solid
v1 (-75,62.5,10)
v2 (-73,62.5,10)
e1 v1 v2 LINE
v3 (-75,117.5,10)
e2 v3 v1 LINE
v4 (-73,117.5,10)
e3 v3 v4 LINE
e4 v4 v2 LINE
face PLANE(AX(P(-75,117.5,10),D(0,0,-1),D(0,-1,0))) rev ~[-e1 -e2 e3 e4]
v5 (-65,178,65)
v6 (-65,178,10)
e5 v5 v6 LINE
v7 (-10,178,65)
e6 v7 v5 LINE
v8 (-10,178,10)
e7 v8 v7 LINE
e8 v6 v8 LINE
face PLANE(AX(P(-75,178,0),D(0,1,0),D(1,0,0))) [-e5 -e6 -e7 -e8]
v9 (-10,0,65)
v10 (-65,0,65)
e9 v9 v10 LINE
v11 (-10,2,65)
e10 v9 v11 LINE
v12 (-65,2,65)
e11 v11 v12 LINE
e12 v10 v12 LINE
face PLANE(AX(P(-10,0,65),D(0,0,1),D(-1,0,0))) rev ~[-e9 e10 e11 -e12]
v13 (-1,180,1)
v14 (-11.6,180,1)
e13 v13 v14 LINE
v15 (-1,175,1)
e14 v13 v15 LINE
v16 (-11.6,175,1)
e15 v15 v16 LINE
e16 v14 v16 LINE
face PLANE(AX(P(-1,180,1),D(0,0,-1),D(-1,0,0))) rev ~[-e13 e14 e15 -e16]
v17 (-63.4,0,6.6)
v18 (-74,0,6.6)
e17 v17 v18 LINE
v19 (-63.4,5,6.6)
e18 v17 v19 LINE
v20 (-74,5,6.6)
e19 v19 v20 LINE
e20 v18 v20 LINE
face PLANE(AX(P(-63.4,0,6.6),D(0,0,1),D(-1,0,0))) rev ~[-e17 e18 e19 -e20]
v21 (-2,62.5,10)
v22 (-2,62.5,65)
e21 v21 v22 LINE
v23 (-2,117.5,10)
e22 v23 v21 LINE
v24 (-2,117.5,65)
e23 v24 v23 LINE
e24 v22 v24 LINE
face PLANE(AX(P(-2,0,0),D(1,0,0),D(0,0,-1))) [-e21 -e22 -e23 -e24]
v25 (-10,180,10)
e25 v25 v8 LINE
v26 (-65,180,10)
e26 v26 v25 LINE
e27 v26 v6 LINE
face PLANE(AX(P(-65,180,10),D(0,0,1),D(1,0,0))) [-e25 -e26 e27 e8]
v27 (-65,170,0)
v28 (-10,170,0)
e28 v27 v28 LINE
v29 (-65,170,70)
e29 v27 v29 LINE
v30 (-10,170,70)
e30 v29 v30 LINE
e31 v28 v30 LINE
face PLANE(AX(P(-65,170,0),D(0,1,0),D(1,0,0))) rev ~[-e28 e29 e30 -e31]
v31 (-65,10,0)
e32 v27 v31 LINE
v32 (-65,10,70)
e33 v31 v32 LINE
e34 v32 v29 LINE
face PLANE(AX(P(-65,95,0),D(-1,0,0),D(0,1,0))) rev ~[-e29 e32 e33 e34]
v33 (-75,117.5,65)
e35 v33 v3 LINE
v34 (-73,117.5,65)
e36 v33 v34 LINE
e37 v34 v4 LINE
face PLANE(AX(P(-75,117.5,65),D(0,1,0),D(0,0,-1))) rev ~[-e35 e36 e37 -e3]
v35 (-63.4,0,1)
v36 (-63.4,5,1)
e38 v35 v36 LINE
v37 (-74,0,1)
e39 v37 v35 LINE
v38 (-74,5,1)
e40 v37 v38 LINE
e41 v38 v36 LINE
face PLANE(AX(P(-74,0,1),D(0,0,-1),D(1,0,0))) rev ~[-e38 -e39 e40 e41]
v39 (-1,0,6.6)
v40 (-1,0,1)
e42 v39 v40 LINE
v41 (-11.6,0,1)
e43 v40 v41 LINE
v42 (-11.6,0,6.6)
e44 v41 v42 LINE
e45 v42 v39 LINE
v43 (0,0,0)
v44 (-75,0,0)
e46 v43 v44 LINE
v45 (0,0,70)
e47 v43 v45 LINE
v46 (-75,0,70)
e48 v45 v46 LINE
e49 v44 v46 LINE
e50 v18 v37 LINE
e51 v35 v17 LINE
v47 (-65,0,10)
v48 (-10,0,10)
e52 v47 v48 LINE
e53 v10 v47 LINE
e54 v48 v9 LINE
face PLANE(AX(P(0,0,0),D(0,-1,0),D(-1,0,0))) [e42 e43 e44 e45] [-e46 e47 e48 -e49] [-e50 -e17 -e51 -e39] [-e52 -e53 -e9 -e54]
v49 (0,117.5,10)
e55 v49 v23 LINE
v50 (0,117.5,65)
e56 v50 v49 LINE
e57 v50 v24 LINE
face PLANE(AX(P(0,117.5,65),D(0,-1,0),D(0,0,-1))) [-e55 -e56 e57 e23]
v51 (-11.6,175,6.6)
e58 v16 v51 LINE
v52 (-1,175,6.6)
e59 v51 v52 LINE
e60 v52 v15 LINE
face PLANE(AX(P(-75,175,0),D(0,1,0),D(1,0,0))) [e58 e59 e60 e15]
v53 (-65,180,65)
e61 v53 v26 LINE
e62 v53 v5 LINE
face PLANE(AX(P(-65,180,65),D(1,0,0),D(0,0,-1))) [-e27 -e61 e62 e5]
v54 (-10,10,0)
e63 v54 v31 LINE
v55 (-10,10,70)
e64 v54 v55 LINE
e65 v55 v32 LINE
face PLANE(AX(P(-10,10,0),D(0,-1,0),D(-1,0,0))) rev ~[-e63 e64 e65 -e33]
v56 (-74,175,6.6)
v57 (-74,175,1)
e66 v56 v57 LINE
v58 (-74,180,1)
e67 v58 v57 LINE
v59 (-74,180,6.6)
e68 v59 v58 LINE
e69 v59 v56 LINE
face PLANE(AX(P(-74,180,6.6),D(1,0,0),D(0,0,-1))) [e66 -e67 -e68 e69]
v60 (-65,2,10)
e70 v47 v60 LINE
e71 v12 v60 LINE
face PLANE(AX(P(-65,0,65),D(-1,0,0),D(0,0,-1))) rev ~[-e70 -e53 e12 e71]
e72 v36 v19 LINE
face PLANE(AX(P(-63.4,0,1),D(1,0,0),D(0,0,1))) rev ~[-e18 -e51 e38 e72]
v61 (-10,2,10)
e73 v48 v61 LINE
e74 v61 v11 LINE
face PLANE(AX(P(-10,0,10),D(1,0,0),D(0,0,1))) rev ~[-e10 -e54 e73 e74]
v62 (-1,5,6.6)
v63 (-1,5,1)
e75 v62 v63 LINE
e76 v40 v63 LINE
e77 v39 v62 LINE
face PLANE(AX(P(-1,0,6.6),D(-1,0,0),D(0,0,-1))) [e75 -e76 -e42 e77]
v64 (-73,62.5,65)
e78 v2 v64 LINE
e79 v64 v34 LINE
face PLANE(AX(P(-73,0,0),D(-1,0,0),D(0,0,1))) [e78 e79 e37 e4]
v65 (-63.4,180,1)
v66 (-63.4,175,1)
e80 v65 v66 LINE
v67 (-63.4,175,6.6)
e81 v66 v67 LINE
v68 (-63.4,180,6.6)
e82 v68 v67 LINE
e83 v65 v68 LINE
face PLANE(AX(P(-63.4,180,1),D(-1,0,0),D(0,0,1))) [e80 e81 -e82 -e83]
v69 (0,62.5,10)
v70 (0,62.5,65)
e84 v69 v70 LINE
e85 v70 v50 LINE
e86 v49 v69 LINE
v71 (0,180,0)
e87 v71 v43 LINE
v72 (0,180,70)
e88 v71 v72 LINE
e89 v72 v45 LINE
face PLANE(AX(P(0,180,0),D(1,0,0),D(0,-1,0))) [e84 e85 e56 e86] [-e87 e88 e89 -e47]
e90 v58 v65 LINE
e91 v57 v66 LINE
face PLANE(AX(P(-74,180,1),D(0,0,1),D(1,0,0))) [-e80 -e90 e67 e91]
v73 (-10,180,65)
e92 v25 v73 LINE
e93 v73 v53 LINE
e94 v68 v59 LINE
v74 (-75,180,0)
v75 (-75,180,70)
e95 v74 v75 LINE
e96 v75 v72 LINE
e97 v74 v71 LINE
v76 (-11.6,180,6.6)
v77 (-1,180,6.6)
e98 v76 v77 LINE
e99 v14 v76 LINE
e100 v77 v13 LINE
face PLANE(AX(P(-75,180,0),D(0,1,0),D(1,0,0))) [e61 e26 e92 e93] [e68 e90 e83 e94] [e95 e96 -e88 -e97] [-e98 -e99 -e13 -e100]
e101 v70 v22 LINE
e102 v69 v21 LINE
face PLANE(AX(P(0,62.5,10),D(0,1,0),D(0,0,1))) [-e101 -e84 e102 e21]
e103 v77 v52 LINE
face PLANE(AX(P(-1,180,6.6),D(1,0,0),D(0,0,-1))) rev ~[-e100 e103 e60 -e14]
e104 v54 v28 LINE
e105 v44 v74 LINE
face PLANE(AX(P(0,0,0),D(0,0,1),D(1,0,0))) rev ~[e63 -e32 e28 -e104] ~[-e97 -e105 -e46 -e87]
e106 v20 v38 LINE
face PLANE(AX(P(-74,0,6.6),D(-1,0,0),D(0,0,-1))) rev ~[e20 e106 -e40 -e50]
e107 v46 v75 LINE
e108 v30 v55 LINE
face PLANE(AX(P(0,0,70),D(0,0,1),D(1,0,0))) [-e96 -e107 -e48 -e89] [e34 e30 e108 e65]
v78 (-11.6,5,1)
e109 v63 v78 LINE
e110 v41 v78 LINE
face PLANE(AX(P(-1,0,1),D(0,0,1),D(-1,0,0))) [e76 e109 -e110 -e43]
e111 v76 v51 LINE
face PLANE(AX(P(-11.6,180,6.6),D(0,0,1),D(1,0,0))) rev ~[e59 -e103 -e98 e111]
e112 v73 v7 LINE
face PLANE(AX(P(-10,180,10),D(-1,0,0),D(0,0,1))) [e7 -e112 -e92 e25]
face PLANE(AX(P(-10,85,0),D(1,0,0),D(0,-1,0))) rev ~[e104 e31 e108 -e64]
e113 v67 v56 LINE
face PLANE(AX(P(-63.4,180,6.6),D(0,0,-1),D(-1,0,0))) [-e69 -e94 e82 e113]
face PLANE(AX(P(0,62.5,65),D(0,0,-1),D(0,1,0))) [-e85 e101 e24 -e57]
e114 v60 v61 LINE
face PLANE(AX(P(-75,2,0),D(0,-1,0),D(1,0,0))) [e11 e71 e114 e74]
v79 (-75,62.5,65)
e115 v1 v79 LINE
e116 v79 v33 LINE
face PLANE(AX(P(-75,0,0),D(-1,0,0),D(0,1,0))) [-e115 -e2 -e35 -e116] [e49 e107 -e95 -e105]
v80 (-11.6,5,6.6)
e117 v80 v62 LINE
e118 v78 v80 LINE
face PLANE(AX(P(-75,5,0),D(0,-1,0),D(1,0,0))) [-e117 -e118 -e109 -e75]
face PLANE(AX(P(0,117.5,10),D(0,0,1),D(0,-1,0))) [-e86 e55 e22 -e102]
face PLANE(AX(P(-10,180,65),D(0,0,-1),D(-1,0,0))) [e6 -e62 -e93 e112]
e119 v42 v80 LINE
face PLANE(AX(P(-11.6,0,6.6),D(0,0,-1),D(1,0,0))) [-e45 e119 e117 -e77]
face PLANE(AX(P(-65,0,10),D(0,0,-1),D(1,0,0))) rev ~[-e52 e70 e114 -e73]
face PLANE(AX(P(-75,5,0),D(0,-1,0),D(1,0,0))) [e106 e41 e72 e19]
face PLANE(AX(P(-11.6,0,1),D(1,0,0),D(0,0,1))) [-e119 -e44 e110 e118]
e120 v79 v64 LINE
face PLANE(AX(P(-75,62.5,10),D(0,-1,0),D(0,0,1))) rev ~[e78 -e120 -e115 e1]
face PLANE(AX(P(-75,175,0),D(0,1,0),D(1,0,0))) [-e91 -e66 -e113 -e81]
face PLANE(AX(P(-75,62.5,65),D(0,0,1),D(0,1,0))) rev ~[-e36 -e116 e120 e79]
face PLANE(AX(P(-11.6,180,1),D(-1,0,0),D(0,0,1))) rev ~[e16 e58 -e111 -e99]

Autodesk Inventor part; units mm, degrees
ref_plane "YZ Plane" through (0, 0, 0) normal (1, 0, 0) x (0, 1, 0)
ref_plane "XZ Plane" through (0, 0, 0) normal (0, 1, 0) x (-1, 0, 0)
ref_plane "XY Plane" through (0, 0, 0) normal (0, 0, 1) x (1, 0, 0)
sketch "Sketch1" plane through (0, 0, 0) normal (0, 0, 1) x (1, 0, 0)
  line L0 (0, 0) -> (-75, 0)
  line L1 (-75, 0) -> (-75, 180)
  line L2 (-75, 180) -> (0, 180)
  line L3 (0, 180) -> (0, 0)
  line L4 (-65, 170) -> (-10, 170)
  line L5 (-10, 10) -> (-65, 10)
  line L6 (-65, 10) -> (-65, 85)
  line L7 (-65, 95) -> (-65, 170)
  line L8 (-10, 170) -> (-10, 95)
  line L9 (-10, 85) -> (-10, 10)
  line L10 (-65, 85) -> (-65, 95)
  line L11 (-10, 95) -> (-10, 85)
  point P0 (-65, 90)
  point P1 (-10, 90)
  dimension "d35" = 75
  dimension "d36" = 180
  dimension "d37" = 55
  dimension "d38" = 160
extrude "Extrusion7" add sketch "Sketch1" along normal blind 70
sketch "Sketch6" plane through (0, 0, 0) normal (1, 0, 0) x (0, 0, -1)
  line L0 (-10, 62.5) -> (-65, 62.5)
  line L1 (-65, 62.5) -> (-65, 117.5)
  line L2 (-65, 117.5) -> (-10, 117.5)
  line L3 (-10, 117.5) -> (-10, 62.5)
  dimension "d67" = 55
  dimension "d68" = 55
extrude "Extrusion10" cut sketch "Sketch6" against normal blind 2
sketch "Sketch7" plane through (-75, 0, 0) normal (-1, 0, 0) x (0, 0, 1)
  line L0 (10, 62.5) -> (65, 62.5) projected
  line L1 (10, 62.5) -> (65, 62.5)
  line L2 (65, 62.5) -> (65, 117.5)
  line L3 (65, 117.5) -> (10, 117.5)
  line L4 (10, 117.5) -> (10, 62.5)
  point P0 (0, 0)
  dimension "d71" = 55
  dimension "d72" = 55
extrude "Extrusion11" cut sketch "Sketch7" against normal blind 2
sketch "Sketch8" plane through (-75, 0, 0) normal (0, -1, 0) x (1, 0, 0)
  line L0 (10, 10) -> (65, 10)
  line L1 (65, 10) -> (65, 65)
  line L2 (65, 65) -> (10, 65)
  line L3 (10, 65) -> (10, 10)
  point P0 (75, 0)
  dimension "d75" = 55
  dimension "d76" = 55
extrude "Extrusion12" cut sketch "Sketch8" against normal blind 2
sketch "Sketch9" plane through (-75, 180, 0) normal (0, 1, 0) x (1, 0, 0)
  line L0 (10, -10) -> (65, -10)
  line L1 (65, -10) -> (65, -65)
  line L2 (65, -65) -> (10, -65)
  line L3 (10, -65) -> (10, -10)
  point P0 (75, 0)
  dimension "d79" = 55
  dimension "d80" = 55
extrude "Extrusion13" cut sketch "Sketch9" against normal blind 2
sketch "Sketch10" plane through (-75, 0, 0) normal (0, -1, 0) x (1, 0, 0)
  line L0 (74, 1) -> (63.4, 1)
  line L1 (63.4, 1) -> (63.4, 6.6)
  line L2 (63.4, 6.6) -> (74, 6.6)
  line L3 (74, 6.6) -> (74, 1)
  line L4 (1, 1) -> (11.6, 1)
  line L5 (11.6, 1) -> (11.6, 6.6)
  line L6 (11.6, 6.6) -> (1, 6.6)
  line L7 (1, 6.6) -> (1, 1)
  point P0 (75, 0)
  dimension "d83" = 10.6
  dimension "d84" = 5.6
  dimension "d85" = 10.6
  dimension "d86" = 5.6
extrude "Extrusion14" cut sketch "Sketch10" against normal blind 5
sketch "Sketch11" plane through (-75, 180, 0) normal (0, 1, 0) x (1, 0, 0)
  line L0 (1, -1) -> (11.6, -1)
  line L1 (11.6, -1) -> (11.6, -6.6)
  line L2 (11.6, -6.6) -> (1, -6.6)
  line L3 (1, -6.6) -> (1, -1)
  line L4 (74, -1) -> (63.4, -1)
  line L5 (63.4, -1) -> (63.4, -6.6)
  line L6 (63.4, -6.6) -> (74, -6.6)
  line L7 (74, -6.6) -> (74, -1)
  point P0 (75, 0)
  dimension "d89" = 10.6
  dimension "d90" = 5.6
  dimension "d91" = 10.6
  dimension "d92" = 5.6
extrude "Extrusion15" cut sketch "Sketch11" against normal blind 5
properties part number "Shoulder_Cube_TestFit_V1"
